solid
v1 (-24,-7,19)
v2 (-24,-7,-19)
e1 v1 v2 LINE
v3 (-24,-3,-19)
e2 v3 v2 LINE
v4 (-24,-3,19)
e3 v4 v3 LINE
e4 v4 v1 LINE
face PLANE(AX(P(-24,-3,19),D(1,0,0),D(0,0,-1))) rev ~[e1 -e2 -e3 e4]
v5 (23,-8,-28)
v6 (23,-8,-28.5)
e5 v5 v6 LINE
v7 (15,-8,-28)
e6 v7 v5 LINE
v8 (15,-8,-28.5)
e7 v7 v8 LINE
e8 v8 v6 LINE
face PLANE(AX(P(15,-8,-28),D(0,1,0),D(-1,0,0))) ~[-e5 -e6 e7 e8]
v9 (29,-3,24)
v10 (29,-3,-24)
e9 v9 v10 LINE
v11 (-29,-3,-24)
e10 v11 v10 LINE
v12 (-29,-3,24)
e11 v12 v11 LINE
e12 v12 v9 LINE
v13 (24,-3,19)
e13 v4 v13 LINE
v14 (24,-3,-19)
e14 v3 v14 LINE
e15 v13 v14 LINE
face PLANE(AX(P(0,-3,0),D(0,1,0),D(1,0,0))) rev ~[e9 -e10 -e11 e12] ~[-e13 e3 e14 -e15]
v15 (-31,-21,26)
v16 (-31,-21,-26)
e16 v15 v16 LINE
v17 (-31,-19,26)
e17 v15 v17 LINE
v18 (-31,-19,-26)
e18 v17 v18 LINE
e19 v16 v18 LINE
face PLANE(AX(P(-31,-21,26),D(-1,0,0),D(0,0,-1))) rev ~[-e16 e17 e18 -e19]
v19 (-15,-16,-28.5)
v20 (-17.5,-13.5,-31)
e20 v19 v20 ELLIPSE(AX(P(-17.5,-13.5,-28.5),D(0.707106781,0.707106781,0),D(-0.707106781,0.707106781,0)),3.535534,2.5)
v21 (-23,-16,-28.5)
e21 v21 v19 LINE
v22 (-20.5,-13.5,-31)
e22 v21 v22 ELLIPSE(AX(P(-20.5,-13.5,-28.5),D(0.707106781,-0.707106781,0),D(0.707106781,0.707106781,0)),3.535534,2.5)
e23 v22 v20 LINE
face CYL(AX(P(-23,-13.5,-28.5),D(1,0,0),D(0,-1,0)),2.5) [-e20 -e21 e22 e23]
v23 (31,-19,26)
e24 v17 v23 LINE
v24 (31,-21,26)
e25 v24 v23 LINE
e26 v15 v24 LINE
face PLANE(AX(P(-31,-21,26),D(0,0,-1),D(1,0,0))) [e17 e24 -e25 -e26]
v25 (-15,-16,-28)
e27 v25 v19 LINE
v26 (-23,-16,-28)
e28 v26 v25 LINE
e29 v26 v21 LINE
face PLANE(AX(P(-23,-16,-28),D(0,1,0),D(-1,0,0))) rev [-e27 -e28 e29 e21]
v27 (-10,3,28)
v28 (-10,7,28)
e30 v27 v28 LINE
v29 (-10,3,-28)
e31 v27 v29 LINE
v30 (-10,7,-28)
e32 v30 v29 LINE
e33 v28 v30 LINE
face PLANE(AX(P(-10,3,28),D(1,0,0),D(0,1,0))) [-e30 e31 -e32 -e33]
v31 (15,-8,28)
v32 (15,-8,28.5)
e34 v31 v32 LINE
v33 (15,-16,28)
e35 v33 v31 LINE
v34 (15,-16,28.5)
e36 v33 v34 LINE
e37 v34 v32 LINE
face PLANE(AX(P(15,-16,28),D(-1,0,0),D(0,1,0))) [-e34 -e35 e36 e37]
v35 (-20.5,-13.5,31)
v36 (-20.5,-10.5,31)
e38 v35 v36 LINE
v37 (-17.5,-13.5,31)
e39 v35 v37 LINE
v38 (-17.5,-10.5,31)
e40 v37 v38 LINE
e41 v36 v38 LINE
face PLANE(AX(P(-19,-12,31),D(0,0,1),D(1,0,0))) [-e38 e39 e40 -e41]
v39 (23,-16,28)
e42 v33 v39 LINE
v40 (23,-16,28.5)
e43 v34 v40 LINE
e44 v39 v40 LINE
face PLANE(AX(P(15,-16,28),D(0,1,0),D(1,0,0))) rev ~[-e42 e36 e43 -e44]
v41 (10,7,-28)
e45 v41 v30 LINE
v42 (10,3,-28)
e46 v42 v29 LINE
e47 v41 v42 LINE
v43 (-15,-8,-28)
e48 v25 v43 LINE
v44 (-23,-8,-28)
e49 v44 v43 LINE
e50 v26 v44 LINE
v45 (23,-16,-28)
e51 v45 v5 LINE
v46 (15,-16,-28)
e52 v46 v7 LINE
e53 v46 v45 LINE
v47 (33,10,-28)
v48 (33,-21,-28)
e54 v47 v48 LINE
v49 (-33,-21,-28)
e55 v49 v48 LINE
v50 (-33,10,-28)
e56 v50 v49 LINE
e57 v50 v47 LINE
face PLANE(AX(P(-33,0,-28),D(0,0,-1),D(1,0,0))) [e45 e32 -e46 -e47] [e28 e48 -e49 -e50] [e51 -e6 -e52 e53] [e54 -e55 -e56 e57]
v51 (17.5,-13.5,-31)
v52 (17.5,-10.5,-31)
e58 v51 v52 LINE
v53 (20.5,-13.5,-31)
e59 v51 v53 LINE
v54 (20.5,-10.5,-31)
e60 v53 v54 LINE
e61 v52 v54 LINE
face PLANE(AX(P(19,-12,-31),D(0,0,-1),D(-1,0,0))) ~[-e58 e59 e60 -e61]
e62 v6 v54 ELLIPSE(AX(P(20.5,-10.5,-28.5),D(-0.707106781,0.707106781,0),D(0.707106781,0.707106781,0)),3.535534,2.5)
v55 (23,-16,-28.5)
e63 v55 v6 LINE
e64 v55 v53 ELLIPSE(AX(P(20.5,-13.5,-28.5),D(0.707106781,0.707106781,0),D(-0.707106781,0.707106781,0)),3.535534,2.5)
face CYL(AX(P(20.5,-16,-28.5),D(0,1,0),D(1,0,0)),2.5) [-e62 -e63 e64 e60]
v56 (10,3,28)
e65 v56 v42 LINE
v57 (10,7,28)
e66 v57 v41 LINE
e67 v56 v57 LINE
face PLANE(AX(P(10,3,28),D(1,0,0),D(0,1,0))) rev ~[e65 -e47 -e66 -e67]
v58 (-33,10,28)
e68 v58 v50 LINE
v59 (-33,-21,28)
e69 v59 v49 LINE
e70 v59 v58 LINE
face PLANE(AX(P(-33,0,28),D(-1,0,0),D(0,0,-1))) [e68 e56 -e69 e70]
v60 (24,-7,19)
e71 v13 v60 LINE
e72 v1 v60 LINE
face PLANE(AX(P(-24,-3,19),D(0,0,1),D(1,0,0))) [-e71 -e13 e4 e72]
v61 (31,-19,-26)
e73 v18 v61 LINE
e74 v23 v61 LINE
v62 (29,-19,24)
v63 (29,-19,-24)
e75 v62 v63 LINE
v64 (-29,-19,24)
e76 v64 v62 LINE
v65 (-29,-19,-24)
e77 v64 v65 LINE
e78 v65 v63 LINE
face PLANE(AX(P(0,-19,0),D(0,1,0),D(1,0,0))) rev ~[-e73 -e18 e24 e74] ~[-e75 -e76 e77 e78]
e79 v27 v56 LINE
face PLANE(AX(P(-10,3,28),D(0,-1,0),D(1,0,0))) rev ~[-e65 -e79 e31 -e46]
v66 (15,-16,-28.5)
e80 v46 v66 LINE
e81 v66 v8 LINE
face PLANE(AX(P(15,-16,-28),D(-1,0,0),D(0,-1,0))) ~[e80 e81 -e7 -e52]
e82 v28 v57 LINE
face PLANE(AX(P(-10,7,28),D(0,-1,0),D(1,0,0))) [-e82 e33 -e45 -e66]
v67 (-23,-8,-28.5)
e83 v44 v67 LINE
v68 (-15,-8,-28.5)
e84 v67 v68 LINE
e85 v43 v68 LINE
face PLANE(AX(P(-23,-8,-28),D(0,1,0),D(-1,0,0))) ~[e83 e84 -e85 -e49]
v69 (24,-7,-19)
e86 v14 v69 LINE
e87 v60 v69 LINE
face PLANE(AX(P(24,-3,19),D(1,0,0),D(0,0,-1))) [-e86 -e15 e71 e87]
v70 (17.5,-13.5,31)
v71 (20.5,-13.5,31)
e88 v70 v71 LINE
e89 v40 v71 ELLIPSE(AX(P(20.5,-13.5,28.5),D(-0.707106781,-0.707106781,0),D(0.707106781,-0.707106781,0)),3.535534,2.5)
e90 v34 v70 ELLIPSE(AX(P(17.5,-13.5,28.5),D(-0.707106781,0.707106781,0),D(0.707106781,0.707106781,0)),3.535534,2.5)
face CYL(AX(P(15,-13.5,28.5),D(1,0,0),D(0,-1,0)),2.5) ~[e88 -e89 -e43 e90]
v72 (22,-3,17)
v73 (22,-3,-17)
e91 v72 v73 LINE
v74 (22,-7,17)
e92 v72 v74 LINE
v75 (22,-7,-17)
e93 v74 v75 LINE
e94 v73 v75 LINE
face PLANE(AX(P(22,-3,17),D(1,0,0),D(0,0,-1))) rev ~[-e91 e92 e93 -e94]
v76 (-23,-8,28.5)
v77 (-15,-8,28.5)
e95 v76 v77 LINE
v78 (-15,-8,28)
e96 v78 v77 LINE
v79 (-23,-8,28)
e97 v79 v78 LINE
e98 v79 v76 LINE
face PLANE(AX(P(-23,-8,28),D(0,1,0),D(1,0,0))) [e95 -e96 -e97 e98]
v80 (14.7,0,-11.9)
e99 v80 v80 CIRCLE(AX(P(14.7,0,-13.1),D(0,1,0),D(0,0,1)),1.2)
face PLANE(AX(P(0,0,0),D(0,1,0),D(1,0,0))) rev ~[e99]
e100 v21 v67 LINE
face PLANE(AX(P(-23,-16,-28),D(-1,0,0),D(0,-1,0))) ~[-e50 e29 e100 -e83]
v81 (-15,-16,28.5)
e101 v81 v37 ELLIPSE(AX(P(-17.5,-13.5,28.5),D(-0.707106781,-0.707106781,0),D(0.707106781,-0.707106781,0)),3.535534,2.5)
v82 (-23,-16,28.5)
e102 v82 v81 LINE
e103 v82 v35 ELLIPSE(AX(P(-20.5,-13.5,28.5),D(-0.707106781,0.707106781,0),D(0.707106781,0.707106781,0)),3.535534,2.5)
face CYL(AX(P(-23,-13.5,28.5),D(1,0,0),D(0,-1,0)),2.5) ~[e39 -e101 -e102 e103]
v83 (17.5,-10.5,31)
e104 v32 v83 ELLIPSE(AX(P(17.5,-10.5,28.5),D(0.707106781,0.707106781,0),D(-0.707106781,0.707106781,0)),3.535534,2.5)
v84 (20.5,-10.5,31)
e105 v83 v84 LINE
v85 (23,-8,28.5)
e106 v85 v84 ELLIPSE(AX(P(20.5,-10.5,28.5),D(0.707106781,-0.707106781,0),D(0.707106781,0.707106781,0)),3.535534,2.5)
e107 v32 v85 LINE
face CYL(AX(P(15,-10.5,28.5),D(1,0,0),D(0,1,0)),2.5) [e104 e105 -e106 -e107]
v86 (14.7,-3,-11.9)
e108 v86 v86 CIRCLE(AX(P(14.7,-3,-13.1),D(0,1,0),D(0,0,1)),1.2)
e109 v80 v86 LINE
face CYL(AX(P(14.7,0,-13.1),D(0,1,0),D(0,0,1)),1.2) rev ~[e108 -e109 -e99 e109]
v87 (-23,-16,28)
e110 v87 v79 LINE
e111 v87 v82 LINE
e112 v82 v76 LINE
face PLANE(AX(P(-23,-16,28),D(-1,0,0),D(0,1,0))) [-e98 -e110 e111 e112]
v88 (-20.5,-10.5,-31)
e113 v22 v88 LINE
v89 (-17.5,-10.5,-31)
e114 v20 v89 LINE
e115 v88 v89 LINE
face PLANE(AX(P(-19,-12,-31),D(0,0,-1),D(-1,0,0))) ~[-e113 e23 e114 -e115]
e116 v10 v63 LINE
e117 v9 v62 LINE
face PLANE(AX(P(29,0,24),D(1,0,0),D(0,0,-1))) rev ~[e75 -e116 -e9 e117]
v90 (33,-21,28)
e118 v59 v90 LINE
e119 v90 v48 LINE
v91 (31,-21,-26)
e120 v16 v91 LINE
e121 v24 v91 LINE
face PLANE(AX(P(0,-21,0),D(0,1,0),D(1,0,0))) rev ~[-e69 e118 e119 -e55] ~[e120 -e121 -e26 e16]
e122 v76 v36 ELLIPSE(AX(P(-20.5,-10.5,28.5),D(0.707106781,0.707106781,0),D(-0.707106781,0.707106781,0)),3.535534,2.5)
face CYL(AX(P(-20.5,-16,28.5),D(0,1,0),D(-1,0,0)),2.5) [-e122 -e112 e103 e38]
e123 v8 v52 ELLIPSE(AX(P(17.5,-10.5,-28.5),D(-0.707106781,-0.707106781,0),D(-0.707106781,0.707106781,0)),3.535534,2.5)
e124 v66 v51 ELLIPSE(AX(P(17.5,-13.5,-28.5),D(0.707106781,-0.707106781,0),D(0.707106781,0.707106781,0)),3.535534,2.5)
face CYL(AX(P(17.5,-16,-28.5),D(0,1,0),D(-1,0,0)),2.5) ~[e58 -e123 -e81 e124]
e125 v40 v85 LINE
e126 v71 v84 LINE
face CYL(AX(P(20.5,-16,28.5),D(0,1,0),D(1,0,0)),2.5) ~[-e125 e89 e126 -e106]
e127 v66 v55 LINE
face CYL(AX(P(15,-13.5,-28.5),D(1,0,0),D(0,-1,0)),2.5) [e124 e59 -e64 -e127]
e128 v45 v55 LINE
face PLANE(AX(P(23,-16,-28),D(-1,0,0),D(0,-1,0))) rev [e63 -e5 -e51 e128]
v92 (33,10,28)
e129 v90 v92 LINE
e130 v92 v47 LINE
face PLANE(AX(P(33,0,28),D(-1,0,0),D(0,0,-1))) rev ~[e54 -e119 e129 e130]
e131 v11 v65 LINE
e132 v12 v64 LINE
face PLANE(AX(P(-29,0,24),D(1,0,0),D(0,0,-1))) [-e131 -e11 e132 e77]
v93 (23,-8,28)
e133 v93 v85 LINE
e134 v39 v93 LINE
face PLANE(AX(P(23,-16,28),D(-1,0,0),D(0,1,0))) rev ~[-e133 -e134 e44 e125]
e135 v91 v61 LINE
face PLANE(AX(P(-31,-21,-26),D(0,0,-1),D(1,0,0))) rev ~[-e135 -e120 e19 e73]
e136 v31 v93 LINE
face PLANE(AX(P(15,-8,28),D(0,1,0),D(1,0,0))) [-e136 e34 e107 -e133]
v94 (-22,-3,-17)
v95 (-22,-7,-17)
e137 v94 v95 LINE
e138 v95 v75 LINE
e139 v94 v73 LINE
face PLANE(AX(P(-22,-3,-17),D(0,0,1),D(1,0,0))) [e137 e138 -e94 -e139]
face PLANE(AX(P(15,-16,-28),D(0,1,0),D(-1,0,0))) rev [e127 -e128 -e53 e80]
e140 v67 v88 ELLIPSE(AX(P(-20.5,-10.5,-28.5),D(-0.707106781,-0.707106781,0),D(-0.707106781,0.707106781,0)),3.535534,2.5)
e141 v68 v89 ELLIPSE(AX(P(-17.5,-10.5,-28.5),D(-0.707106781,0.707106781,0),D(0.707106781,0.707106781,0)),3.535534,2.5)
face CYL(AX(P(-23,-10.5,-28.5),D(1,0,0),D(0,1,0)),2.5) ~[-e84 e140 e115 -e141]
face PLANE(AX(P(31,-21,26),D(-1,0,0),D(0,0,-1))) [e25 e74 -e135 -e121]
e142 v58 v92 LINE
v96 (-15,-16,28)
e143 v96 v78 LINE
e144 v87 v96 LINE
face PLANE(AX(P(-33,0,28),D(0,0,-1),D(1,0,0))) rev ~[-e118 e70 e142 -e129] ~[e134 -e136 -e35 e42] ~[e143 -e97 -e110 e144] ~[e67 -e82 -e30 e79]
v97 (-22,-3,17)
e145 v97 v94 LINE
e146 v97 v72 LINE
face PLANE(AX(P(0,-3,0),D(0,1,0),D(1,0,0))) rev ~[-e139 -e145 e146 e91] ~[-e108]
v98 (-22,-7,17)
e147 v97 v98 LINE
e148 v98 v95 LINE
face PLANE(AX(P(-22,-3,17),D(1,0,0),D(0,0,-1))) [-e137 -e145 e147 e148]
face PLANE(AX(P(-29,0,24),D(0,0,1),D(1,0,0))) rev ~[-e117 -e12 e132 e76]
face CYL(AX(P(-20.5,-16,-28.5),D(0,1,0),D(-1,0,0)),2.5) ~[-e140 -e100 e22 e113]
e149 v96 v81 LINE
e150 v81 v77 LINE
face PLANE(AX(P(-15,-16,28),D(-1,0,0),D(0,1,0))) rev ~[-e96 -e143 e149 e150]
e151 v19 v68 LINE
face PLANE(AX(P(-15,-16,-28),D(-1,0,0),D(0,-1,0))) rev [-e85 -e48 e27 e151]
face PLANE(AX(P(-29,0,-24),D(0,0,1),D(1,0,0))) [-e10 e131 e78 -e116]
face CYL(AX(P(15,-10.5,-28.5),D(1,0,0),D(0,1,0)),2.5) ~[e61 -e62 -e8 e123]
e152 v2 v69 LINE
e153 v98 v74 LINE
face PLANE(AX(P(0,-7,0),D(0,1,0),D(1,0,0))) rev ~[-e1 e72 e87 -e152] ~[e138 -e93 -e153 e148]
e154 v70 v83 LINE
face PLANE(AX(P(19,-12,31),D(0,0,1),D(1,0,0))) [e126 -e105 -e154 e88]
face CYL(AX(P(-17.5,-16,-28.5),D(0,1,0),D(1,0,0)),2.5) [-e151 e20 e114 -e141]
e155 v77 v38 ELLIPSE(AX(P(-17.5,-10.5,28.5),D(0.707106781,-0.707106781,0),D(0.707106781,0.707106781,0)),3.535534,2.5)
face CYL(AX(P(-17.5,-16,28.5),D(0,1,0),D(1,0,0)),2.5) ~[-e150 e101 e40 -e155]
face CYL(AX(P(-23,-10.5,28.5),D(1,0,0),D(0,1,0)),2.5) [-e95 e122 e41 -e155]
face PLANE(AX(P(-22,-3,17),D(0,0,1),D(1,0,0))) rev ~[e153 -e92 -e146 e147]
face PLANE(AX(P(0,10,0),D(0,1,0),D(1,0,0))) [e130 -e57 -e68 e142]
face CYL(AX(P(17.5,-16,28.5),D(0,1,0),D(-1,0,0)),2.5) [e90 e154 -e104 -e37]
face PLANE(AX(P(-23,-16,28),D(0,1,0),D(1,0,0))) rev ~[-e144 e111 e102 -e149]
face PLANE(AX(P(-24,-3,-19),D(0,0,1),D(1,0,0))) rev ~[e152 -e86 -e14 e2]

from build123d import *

# Parameters (mm, degrees)
SKETCH1_W            = 66
SKETCH1_H            = 56
BASE_DEPTH           = 3
SKETCH4_W            = 66
SKETCH4_H            = 56
SKETCH4_W_2          = 58
SKETCH4_H_2          = 48
WALL1_DEPTH          = 21
WALL2_START          = -21
SKETCH8_W            = 62
SKETCH8_H            = 52
SKETCH8_W_2          = 58
SKETCH8_H_2          = 48
WALL2_DEPTH          = 2
PCBWALL_START        = -3
SKETCH9_W            = 48
SKETCH9_H            = 38
SKETCH9_W_2          = 44
SKETCH9_H_2          = 34
PCBWALL_DEPTH        = 4
SKETCH10_R           = 1.2
MOUNTING_HOLE_DEPTH  = 4
SKETCH11_W           = 66
SKETCH11_H           = 56
EXTENDED_BASE_DEPTH  = 10
HEAD_START           = 28
SKETCH12_W           = 20
SKETCH12_H           = 4
HEAD_BAND_SLOT_DEPTH = 77.104053883
CLIPS_START          = 28
SKETCH13_W           = 8
SKETCH13_H           = 8
CLIPS_DEPTH          = 3
FILLET2_R            = 2.5


with BuildPart() as part:
    # Sketch1 → Base (new body)
    with BuildSketch(Plane(origin=(0, 0, 0), x_dir=(1, 0, 0), z_dir=(0, 1, 0))):
        Rectangle(SKETCH1_W, SKETCH1_H)
    extrude(amount=-BASE_DEPTH)

    # Sketch4 → Wall1 (add)
    with BuildSketch(Plane(origin=(0, 0, 0), x_dir=(1, 0, 0), z_dir=(0, 1, 0))):
        Rectangle(SKETCH4_W, SKETCH4_H)
        Rectangle(SKETCH4_W_2, SKETCH4_H_2, mode=Mode.SUBTRACT)
    extrude(amount=-WALL1_DEPTH)

    # Sketch8 → Wall2 (cut)
    with BuildSketch(Plane(origin=(0, 0, 0), x_dir=(1, 0, 0), z_dir=(0, 1, 0)).offset(WALL2_START)):
        Rectangle(SKETCH8_W, SKETCH8_H)
        Rectangle(SKETCH8_W_2, SKETCH8_H_2, mode=Mode.SUBTRACT)
    extrude(amount=WALL2_DEPTH, mode=Mode.SUBTRACT)

    # Sketch9 → PCBWall (add)
    with BuildSketch(Plane(origin=(0, 0, 0), x_dir=(1, 0, 0), z_dir=(0, 1, 0)).offset(PCBWALL_START)):
        Rectangle(SKETCH9_W, SKETCH9_H)
        Rectangle(SKETCH9_W_2, SKETCH9_H_2, mode=Mode.SUBTRACT)
    extrude(amount=-PCBWALL_DEPTH)

    # Sketch10 → Mounting hole (cut)
    with BuildSketch(Plane(origin=(0, 0, 0), x_dir=(1, 0, 0), z_dir=(0, 1, 0))):
        with Locations(Location((14.7, 13.1, 0), (0, 0, 270))):
            Circle(SKETCH10_R)
    extrude(amount=-MOUNTING_HOLE_DEPTH, mode=Mode.SUBTRACT)

    # Sketch11 → Extended Base (add)
    with BuildSketch(Plane(origin=(0, 0, 0), x_dir=(1, 0, 0), z_dir=(0, 1, 0))):
        Rectangle(SKETCH11_W, SKETCH11_H)
    extrude(amount=EXTENDED_BASE_DEPTH)

    # Sketch12 → Head Band Slot (cut, through all)
    with BuildSketch(Plane.XY.offset(HEAD_START)):
        with Locations((0, 5)):
            Rectangle(SKETCH12_W, SKETCH12_H)
    extrude(amount=-HEAD_BAND_SLOT_DEPTH, mode=Mode.SUBTRACT)

    # Sketch13 → Clips (add)
    with BuildSketch(Plane.XY.offset(CLIPS_START)):
        with Locations((-19, -12)):
            Rectangle(SKETCH13_W, SKETCH13_H)
        with Locations((19, -12)):
            Rectangle(SKETCH13_W, SKETCH13_H)
    clips = extrude(amount=CLIPS_DEPTH)

    # Clips2: Clips across plane
    add(clips.mirror(Plane.XY))

    # Fillet2
    fillet2_edges = [part.edges().sort_by_distance(p)[0] for p in [
        (-23, -12, 31),
        (-19, -16, 31),
        (-15, -12, 31),
        (-19, -8, 31),
        (15, -12, 31),
        (19, -16, 31),
        (23, -12, 31),
        (19, -8, 31),
        (15, -12, -31),
        (19, -8, -31),
        (23, -12, -31),
        (19, -16, -31),
        (-23, -12, -31),
        (-19, -8, -31),
        (-15, -12, -31),
        (-19, -16, -31),
    ]]
    fillet(fillet2_edges, radius=FILLET2_R)


solid = part.part
